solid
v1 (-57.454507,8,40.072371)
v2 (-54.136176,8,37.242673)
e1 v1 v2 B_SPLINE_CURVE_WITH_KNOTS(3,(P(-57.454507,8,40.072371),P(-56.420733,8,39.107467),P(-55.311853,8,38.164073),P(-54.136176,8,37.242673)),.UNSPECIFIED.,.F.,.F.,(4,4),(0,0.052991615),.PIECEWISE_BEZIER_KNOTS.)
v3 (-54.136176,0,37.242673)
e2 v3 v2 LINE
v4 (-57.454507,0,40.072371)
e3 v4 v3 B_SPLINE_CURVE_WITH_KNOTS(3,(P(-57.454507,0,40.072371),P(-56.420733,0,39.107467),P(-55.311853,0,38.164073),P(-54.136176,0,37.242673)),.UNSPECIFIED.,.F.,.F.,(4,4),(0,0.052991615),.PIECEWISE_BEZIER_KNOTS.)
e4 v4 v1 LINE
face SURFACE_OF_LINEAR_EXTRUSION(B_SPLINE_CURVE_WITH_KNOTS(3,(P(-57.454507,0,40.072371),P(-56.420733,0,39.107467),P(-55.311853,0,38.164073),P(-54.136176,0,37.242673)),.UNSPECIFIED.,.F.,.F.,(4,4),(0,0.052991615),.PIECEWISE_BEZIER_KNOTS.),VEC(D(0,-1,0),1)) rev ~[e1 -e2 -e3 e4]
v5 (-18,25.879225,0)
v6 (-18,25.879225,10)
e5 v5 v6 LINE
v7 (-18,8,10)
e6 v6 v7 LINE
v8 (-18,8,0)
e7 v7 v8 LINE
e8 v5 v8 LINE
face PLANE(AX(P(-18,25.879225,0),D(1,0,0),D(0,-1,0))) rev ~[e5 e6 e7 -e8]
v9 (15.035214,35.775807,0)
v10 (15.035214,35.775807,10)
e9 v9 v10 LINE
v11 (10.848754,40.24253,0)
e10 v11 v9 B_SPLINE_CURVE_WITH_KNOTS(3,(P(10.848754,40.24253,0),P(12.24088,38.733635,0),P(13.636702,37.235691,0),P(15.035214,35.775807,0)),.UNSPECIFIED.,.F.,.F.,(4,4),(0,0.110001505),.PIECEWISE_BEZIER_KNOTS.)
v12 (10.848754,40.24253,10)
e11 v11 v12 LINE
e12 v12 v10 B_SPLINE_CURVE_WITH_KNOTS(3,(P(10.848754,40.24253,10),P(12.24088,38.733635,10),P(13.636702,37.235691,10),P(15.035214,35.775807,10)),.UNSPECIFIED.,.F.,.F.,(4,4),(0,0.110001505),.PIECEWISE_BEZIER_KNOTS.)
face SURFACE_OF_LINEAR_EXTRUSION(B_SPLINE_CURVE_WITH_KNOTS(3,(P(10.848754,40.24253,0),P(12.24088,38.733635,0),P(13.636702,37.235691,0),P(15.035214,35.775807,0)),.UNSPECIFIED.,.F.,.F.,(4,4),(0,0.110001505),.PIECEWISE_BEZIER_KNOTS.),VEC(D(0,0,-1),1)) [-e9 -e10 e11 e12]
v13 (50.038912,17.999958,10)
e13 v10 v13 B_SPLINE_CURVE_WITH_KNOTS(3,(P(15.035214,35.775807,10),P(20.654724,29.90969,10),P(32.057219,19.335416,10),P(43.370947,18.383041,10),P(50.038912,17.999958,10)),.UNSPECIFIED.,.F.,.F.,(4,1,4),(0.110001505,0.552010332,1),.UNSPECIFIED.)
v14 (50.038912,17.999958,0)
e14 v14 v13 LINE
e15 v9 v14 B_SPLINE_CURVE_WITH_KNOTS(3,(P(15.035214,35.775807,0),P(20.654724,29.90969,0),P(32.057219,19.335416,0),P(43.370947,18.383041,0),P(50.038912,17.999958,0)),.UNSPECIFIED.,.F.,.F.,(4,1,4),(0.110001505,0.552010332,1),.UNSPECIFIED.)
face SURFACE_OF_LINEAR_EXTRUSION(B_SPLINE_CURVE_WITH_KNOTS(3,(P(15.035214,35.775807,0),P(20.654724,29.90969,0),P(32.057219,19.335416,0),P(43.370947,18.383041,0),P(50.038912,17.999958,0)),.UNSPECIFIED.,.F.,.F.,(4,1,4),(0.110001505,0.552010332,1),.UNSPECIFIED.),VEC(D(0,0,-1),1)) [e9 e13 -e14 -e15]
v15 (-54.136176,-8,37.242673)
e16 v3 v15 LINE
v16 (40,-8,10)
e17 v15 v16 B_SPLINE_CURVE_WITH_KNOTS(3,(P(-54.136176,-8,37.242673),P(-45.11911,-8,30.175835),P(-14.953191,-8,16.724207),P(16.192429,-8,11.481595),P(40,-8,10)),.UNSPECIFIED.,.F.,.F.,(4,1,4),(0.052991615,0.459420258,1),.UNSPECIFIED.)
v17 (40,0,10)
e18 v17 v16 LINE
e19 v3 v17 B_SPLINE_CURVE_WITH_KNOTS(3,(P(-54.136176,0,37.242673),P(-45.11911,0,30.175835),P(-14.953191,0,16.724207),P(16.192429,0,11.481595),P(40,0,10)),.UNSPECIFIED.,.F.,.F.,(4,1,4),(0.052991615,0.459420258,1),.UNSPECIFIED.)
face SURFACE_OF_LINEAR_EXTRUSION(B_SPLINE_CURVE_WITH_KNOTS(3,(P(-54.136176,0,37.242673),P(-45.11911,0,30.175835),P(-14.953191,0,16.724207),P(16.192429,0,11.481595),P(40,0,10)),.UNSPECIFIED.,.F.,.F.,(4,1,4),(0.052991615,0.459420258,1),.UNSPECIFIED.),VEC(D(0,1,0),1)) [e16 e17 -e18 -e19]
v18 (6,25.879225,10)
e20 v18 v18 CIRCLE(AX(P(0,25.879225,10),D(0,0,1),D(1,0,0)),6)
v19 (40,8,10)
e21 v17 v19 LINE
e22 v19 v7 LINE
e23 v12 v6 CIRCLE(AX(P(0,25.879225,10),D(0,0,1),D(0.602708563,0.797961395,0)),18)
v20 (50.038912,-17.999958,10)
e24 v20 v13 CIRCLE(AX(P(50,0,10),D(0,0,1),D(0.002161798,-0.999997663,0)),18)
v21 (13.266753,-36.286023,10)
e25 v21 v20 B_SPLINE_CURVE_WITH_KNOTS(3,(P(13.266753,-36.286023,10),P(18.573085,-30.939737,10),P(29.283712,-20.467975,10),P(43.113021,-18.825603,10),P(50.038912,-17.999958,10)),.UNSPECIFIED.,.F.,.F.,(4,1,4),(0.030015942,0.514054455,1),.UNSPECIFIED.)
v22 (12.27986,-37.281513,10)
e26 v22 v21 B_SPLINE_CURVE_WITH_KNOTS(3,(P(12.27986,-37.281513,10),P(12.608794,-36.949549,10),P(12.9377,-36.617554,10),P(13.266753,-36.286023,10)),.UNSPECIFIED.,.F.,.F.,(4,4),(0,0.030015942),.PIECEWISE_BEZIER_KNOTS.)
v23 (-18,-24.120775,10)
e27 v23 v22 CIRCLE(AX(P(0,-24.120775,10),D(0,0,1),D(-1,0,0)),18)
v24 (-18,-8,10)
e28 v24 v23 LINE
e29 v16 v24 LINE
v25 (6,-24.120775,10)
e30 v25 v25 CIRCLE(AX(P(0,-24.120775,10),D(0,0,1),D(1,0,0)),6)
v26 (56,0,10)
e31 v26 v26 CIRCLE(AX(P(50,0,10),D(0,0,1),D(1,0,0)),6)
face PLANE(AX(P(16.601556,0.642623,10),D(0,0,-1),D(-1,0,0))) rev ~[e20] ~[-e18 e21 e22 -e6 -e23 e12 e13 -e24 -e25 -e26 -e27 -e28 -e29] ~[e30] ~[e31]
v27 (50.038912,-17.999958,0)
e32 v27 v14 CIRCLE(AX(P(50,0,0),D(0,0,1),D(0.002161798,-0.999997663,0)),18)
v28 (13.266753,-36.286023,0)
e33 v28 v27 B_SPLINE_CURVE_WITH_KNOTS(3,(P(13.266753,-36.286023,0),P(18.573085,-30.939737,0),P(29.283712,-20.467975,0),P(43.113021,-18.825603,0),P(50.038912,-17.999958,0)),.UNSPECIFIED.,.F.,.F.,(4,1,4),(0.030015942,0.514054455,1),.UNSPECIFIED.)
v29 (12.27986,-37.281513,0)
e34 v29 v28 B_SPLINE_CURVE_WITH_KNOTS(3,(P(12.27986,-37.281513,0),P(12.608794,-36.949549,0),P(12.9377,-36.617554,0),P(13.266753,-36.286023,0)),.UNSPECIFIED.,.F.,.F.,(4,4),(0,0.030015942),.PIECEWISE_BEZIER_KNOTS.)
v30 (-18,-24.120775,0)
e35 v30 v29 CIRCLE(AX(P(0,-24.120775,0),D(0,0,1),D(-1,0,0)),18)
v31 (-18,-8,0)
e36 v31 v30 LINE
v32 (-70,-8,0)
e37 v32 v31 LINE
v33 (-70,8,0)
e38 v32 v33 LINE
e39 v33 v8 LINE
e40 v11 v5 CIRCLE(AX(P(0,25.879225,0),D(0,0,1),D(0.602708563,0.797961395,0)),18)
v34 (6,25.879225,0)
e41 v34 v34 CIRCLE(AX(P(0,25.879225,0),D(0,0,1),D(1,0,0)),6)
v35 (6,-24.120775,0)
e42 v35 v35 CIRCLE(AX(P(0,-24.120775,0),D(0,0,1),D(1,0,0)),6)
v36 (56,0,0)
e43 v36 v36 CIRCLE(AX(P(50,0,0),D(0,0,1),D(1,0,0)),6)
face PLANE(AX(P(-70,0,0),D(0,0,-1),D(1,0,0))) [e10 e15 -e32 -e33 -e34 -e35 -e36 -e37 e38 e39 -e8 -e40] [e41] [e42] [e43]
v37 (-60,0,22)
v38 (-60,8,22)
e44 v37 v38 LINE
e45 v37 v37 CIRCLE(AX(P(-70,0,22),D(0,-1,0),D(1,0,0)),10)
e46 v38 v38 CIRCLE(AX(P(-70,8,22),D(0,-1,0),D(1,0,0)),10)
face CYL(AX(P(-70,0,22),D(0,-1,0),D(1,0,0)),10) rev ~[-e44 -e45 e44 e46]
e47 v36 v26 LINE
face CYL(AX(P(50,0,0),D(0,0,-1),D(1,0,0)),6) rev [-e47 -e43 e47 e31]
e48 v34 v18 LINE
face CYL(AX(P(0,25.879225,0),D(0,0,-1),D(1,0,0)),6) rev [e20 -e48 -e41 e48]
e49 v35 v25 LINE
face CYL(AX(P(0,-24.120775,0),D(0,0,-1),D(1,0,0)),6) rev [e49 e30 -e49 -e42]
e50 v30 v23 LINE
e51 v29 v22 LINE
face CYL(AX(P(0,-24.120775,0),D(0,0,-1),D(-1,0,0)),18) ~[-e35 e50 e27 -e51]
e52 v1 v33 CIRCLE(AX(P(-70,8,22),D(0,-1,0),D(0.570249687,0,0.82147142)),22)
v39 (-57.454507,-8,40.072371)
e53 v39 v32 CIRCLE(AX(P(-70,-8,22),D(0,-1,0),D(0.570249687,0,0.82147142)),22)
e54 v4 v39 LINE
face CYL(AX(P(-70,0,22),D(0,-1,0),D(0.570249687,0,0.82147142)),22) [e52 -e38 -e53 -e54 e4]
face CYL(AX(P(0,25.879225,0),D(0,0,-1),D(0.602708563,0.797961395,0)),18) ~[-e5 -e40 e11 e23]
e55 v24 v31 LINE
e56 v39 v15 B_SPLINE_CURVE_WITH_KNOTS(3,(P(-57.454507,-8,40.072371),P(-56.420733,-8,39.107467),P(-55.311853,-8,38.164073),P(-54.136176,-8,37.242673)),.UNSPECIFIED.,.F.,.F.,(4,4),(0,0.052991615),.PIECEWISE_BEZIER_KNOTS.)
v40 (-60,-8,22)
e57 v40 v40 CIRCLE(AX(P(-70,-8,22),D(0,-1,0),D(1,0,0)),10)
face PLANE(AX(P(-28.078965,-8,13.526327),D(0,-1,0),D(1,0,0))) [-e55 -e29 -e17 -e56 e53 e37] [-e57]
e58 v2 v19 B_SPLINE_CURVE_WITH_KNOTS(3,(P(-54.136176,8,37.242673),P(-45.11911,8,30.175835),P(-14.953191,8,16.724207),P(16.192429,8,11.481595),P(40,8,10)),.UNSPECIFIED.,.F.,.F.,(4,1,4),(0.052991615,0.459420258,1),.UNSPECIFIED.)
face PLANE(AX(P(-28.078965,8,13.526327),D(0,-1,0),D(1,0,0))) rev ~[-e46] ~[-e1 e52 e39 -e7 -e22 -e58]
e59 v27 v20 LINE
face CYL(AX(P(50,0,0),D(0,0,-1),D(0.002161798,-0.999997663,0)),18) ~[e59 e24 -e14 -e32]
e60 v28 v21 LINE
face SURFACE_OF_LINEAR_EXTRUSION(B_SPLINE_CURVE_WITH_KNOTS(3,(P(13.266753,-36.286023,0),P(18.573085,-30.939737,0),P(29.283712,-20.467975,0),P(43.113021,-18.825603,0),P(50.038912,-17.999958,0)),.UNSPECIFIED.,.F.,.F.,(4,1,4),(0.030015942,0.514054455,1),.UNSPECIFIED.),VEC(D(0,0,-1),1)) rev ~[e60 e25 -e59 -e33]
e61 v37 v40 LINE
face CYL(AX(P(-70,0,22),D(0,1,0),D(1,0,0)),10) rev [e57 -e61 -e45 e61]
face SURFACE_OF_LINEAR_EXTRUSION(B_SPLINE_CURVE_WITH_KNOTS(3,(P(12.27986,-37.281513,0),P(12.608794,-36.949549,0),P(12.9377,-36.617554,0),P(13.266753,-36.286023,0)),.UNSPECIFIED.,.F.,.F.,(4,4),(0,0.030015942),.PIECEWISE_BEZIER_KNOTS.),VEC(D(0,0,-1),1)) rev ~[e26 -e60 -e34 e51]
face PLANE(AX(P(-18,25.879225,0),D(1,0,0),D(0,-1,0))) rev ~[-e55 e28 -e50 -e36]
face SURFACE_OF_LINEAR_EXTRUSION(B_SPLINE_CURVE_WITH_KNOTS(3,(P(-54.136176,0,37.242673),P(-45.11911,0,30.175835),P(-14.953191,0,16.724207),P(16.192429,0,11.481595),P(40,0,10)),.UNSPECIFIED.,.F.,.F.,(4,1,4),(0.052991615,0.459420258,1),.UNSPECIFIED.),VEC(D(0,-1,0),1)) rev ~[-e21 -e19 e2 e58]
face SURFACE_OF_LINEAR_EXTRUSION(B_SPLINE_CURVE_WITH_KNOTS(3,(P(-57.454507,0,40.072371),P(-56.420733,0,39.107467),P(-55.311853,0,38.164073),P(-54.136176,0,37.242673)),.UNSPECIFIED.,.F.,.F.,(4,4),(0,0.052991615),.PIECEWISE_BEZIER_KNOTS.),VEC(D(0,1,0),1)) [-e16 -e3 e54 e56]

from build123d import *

# Parameters (mm, degrees)
F0_R          = 6
F1_DEPTH      = 10
F2_R          = 10
F3_DEPTH      = 8
F3_DEPTH_BACK = 8


with BuildPart() as f1:
    # F0 (on Top) → F1 (new body)
    with BuildSketch(Plane.XY):
        with BuildLine():
            add(Edge.make_bspline(
                [(15.035214282, 35.7758070535), (20.6547243447, 29.9096895942), (32.0572190076, 19.3354156229), (43.3709472389, 18.3830413599), (50.0389123718, 17.9999579396)],
                knots=[0.1100015048, 0.1100015048, 0.1100015048, 0.1100015048, 0.5520103315, 1, 1, 1, 1], degree=3))
            add(Edge.make_bspline(
                [(10.8487541415, 40.2425303512), (12.240880162, 38.7336352898), (13.6367024745, 37.2356913565), (15.035214282, 35.7758070535)],
                knots=[0, 0, 0, 0, 0.1100015048, 0.1100015048, 0.1100015048, 0.1100015048], degree=3))
            ThreePointArc((10.8487541415, 40.2425303512), (-8.0225440308, 41.9925361174), (-18, 25.8792252449))
            Line((-18, 25.8792252449), (-18, -24.1207747551))
            ThreePointArc((-18, -24.1207747551), (-7.1750439774, -40.6289165015), (12.2798604358, -37.281512868))
            add(Edge.make_bspline(
                [(12.2798604358, -37.281512868), (12.6087941785, -36.9495490353), (12.9376997677, -36.6175538258), (13.266753224, -36.2860227548)],
                knots=[0, 0, 0, 0, 0.030015942, 0.030015942, 0.030015942, 0.030015942], degree=3))
            add(Edge.make_bspline(
                [(13.266753224, -36.2860227548), (18.573084972, -30.9397368732), (29.2837115537, -20.4679750546), (43.1130211826, -18.8256033287), (50.0389123718, -17.9999579396)],
                knots=[0.030015942, 0.030015942, 0.030015942, 0.030015942, 0.5140544551, 1, 1, 1, 1], degree=3))
            ThreePointArc((50.0389123718, -17.9999579396), (68, 0), (50.0389123718, 17.9999579396))
        make_face()
        with Locations((0, -24.1207747551)):
            Circle(F0_R, mode=Mode.SUBTRACT)
        with Locations((50, 0)):
            Circle(F0_R, mode=Mode.SUBTRACT)
        with Locations((0, 25.8792252449)):
            Circle(F0_R, mode=Mode.SUBTRACT)
    extrude(amount=F1_DEPTH)

    # F2 (on Front) → F3 (join, two sides)
    with BuildSketch(Plane.XZ) as f3_sk:
        with BuildLine():
            Line((-70, 0), (40, 0))
            Line((40, 0), (40, 10))
            add(Edge.make_bspline(
                [(-54.1361760858, 37.2426733488), (-45.1191100189, 30.1758346752), (-14.9531909541, 16.7242072459), (16.1924294121, 11.4815951801), (40, 10)],
                knots=[0.0529916149, 0.0529916149, 0.0529916149, 0.0529916149, 0.4594202582, 1, 1, 1, 1], degree=3))
            add(Edge.make_bspline(
                [(-57.4545068819, 40.0723712452), (-56.4207333208, 39.1074668132), (-55.3118532927, 38.1640729584), (-54.1361760858, 37.2426733488)],
                knots=[0, 0, 0, 0, 0.0529916149, 0.0529916149, 0.0529916149, 0.0529916149], degree=3))
            ThreePointArc((-57.4545068819, 40.0723712452), (-90.9951442886, 28.5729686066), (-70, 0))
        make_face()
        with Locations((-70, 22)):
            Circle(F2_R, mode=Mode.SUBTRACT)
    extrude(amount=F3_DEPTH)
    extrude(f3_sk.sketch, amount=-F3_DEPTH_BACK)


solid = f1.part
